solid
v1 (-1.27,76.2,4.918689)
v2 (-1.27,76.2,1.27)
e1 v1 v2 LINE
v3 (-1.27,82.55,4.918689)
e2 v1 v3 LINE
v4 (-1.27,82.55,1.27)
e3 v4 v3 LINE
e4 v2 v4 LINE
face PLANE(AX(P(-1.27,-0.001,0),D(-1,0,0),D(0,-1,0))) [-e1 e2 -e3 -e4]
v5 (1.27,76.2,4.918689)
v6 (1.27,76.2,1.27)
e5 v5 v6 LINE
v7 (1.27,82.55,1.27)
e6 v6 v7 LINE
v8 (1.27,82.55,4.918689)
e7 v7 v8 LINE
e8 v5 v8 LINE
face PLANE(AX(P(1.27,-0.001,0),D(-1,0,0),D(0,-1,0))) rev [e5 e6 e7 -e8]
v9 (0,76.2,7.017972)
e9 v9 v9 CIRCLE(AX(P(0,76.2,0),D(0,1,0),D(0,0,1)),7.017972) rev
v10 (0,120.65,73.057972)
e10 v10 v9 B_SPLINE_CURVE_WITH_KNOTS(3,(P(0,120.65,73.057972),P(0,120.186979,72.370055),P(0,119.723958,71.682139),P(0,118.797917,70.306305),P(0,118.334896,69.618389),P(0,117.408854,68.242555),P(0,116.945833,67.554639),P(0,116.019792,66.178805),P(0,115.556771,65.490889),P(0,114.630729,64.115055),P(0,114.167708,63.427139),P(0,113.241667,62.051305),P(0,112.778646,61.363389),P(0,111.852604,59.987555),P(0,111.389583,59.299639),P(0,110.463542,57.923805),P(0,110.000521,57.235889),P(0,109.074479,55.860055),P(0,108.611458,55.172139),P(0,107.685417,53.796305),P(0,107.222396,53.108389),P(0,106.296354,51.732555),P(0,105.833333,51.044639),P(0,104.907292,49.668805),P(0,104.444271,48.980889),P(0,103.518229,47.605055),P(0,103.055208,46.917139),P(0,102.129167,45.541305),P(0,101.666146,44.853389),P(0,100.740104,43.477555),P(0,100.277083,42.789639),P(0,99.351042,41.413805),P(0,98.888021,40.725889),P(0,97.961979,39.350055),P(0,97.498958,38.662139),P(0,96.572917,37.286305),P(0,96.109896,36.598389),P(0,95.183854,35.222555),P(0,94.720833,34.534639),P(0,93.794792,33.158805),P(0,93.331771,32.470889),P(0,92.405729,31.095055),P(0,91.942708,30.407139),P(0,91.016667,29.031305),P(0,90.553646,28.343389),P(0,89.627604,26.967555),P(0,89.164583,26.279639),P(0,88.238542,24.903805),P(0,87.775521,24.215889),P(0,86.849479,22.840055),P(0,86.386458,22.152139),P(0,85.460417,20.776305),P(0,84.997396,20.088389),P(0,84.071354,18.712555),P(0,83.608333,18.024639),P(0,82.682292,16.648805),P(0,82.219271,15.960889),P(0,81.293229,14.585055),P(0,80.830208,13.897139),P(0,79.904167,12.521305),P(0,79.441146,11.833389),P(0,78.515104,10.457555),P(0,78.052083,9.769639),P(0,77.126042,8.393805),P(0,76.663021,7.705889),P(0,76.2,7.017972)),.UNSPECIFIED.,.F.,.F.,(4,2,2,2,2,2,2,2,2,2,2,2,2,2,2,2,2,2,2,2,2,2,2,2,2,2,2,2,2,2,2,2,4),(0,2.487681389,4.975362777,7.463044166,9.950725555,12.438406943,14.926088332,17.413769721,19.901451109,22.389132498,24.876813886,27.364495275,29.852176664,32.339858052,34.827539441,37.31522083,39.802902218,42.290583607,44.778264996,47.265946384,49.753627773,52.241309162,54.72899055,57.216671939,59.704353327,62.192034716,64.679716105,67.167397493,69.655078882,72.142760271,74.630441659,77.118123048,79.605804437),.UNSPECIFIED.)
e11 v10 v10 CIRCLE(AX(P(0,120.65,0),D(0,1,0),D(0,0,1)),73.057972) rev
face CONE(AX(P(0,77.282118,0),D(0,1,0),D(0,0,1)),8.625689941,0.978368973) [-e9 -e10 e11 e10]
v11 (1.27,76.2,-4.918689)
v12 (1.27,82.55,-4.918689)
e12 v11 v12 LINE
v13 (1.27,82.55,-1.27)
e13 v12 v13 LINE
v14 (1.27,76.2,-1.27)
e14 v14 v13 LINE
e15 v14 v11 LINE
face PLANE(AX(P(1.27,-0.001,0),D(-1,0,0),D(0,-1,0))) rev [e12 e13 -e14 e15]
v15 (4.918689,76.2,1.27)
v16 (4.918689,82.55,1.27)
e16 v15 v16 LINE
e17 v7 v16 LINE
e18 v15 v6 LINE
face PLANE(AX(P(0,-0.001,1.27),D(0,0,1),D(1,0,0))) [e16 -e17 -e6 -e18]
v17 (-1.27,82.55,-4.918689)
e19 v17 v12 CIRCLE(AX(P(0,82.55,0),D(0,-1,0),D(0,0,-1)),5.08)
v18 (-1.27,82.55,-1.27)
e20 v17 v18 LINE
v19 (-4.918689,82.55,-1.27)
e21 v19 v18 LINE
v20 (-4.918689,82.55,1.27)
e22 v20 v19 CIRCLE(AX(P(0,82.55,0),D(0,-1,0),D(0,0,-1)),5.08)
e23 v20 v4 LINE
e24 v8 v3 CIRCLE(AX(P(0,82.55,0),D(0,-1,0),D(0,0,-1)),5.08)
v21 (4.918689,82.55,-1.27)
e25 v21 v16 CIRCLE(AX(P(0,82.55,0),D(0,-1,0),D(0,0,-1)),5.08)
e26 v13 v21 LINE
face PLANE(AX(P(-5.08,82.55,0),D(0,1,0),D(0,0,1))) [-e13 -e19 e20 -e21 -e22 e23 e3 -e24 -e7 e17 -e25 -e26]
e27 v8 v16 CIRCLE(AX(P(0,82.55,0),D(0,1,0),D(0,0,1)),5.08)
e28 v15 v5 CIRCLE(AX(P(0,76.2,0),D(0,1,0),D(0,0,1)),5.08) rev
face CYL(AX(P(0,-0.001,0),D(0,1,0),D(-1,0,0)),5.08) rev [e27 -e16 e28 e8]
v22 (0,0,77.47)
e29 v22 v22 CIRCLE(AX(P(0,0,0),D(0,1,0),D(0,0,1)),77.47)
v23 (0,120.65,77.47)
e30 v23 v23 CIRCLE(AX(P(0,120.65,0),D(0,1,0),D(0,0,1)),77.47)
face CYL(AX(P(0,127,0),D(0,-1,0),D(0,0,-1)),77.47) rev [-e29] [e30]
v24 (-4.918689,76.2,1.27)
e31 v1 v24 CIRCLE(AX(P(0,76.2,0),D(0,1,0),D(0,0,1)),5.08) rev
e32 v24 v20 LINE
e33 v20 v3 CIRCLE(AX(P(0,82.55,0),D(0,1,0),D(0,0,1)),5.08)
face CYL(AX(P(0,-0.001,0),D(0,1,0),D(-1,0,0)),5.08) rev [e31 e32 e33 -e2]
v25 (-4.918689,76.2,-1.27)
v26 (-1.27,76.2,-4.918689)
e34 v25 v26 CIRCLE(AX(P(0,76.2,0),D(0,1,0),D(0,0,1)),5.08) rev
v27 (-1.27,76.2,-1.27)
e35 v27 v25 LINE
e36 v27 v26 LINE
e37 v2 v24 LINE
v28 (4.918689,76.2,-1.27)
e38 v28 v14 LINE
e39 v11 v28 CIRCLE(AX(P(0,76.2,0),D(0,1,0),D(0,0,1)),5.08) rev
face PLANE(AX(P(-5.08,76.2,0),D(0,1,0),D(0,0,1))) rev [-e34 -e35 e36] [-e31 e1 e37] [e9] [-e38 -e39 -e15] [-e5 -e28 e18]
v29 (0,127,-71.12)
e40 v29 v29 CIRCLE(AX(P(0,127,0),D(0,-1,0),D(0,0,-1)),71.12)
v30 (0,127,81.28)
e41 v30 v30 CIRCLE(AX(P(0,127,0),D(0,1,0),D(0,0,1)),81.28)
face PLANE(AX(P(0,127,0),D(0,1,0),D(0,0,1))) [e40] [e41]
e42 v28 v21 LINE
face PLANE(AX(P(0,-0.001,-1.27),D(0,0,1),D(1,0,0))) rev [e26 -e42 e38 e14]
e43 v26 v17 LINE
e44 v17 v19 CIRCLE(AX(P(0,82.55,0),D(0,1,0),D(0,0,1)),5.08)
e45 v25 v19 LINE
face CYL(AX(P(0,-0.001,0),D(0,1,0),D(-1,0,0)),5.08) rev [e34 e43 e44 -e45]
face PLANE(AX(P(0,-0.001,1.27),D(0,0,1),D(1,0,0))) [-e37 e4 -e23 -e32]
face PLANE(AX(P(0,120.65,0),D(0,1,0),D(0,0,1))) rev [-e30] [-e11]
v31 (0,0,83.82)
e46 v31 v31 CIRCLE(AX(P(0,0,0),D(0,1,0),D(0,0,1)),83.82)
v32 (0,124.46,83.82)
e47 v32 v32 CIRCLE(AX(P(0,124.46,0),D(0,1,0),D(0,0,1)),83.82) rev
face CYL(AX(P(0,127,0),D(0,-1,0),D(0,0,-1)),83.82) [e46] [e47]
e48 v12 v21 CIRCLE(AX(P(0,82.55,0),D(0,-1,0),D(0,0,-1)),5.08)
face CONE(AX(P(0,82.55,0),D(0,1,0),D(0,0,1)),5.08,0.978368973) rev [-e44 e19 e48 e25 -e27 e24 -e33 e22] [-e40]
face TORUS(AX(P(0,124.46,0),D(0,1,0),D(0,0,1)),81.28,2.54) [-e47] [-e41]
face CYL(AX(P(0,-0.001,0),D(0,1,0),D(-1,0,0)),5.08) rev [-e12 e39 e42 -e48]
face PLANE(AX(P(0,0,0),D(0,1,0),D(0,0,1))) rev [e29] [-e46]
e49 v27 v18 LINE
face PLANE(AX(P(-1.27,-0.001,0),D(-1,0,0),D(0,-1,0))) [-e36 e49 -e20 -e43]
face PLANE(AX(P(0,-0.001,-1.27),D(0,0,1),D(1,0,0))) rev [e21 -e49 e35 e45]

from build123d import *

# Parameters (mm, degrees)
SKETCH1_R           = 83.82
BOSS_EXTRUDE1_DEPTH = 127
SHELL1_T            = -6.35
CUT_EXTRUDE2_REACH  = 146.451
FILLET2_R           = 2.54


with BuildPart() as part:
    # Sketch1 → Boss-Extrude1 (new body)
    with BuildSketch(Plane(origin=(0, 0, 0), x_dir=(1, 0, 0), z_dir=(0, 1, 0))):
        with Locations(Location((0, 0, 0), (0, 0, 270))):
            Circle(SKETCH1_R)
    extrude(amount=BOSS_EXTRUDE1_DEPTH)

    # Sketch2 → Cut-Revolve1 (revolve, cut)
    with BuildSketch(Plane.XY, mode=Mode.PRIVATE) as cut_revolve1_sk:
        Polygon((-5.08, 82.55), (0, 82.55), (0, 127), (-71.12, 127), align=None)
    revolve(cut_revolve1_sk.sketch.rotate(Axis((0, 0, 0), (0, 1, 0)), 90), axis=Axis((0, 0, 0), (0, 1, 0)), mode=Mode.SUBTRACT)

    # Shell1
    shell1_openings = [part.faces().sort_by_distance(p)[0] for p in [
        (0, 0, 0),
    ]]
    offset(amount=SHELL1_T, openings=shell1_openings, kind=Kind.INTERSECTION)

    # Sketch4 → Cut-Extrude2 (cut, up to next)
    with BuildSketch(Plane(origin=(0, 82.55, 0), x_dir=(1, 0, 0), z_dir=(0, 1, 0)), mode=Mode.PRIVATE) as cut_extrude2_sk1:
        with BuildLine():
            Line((-1.27, 1.27), (-1.27, 4.91868885))
            ThreePointArc((-1.27, 4.91868885), (-3.592102448, 3.592102448), (-4.91868885, 1.27))
            Line((-4.91868885, 1.27), (-1.27, 1.27))
        make_face()
    cut_extrude2_tool1 = extrude(cut_extrude2_sk1.sketch, amount=-CUT_EXTRUDE2_REACH, mode=Mode.PRIVATE) & part.part
    # Sketch4 → Cut-Extrude2 (cut, up to next)
    with BuildSketch(Plane(origin=(0, 82.55, 0), x_dir=(1, 0, 0), z_dir=(0, 1, 0)), mode=Mode.PRIVATE) as cut_extrude2_sk2:
        with BuildLine():
            ThreePointArc((4.91868885, 1.27), (3.592102448, 3.592102448), (1.27, 4.91868885))
            Line((1.27, 4.91868885), (1.27, 1.27))
            Line((1.27, 1.27), (4.91868885, 1.27))
        make_face()
    cut_extrude2_tool2 = extrude(cut_extrude2_sk2.sketch, amount=-CUT_EXTRUDE2_REACH, mode=Mode.PRIVATE) & part.part
    # Sketch4 → Cut-Extrude2 (cut, up to next)
    with BuildSketch(Plane(origin=(0, 82.55, 0), x_dir=(1, 0, 0), z_dir=(0, 1, 0)), mode=Mode.PRIVATE) as cut_extrude2_sk3:
        with BuildLine():
            Line((-1.27, -4.91868885), (-1.27, -1.27))
            Line((-1.27, -1.27), (-4.91868885, -1.27))
            ThreePointArc((-4.91868885, -1.27), (-3.592102448, -3.592102448), (-1.27, -4.91868885))
        make_face()
    cut_extrude2_tool3 = extrude(cut_extrude2_sk3.sketch, amount=-CUT_EXTRUDE2_REACH, mode=Mode.PRIVATE) & part.part
    # Sketch4 → Cut-Extrude2 (cut, up to next)
    with BuildSketch(Plane(origin=(0, 82.55, 0), x_dir=(1, 0, 0), z_dir=(0, 1, 0)), mode=Mode.PRIVATE) as cut_extrude2_sk4:
        with BuildLine():
            Line((4.91868885, -1.27), (1.27, -1.27))
            Line((1.27, -1.27), (1.27, -4.91868885))
            ThreePointArc((1.27, -4.91868885), (3.592102448, -3.592102448), (4.91868885, -1.27))
        make_face()
    cut_extrude2_tool4 = extrude(cut_extrude2_sk4.sketch, amount=-CUT_EXTRUDE2_REACH, mode=Mode.PRIVATE) & part.part
    add(cut_extrude2_tool1.solids().sort_by_distance((-2.704204, 82.55, -2.704204))[0], mode=Mode.SUBTRACT)
    add(cut_extrude2_tool2.solids().sort_by_distance((2.704204, 82.55, -2.704204))[0], mode=Mode.SUBTRACT)
    add(cut_extrude2_tool3.solids().sort_by_distance((-2.704204, 82.55, 2.704204))[0], mode=Mode.SUBTRACT)
    add(cut_extrude2_tool4.solids().sort_by_distance((2.704204, 82.55, 2.704204))[0], mode=Mode.SUBTRACT)

    # Fillet2
    fillet2_edges = [part.edges().sort_by_distance(p)[0] for p in [
        (0, 127, -83.82),
    ]]
    fillet(fillet2_edges, radius=FILLET2_R)


solid = part.part
